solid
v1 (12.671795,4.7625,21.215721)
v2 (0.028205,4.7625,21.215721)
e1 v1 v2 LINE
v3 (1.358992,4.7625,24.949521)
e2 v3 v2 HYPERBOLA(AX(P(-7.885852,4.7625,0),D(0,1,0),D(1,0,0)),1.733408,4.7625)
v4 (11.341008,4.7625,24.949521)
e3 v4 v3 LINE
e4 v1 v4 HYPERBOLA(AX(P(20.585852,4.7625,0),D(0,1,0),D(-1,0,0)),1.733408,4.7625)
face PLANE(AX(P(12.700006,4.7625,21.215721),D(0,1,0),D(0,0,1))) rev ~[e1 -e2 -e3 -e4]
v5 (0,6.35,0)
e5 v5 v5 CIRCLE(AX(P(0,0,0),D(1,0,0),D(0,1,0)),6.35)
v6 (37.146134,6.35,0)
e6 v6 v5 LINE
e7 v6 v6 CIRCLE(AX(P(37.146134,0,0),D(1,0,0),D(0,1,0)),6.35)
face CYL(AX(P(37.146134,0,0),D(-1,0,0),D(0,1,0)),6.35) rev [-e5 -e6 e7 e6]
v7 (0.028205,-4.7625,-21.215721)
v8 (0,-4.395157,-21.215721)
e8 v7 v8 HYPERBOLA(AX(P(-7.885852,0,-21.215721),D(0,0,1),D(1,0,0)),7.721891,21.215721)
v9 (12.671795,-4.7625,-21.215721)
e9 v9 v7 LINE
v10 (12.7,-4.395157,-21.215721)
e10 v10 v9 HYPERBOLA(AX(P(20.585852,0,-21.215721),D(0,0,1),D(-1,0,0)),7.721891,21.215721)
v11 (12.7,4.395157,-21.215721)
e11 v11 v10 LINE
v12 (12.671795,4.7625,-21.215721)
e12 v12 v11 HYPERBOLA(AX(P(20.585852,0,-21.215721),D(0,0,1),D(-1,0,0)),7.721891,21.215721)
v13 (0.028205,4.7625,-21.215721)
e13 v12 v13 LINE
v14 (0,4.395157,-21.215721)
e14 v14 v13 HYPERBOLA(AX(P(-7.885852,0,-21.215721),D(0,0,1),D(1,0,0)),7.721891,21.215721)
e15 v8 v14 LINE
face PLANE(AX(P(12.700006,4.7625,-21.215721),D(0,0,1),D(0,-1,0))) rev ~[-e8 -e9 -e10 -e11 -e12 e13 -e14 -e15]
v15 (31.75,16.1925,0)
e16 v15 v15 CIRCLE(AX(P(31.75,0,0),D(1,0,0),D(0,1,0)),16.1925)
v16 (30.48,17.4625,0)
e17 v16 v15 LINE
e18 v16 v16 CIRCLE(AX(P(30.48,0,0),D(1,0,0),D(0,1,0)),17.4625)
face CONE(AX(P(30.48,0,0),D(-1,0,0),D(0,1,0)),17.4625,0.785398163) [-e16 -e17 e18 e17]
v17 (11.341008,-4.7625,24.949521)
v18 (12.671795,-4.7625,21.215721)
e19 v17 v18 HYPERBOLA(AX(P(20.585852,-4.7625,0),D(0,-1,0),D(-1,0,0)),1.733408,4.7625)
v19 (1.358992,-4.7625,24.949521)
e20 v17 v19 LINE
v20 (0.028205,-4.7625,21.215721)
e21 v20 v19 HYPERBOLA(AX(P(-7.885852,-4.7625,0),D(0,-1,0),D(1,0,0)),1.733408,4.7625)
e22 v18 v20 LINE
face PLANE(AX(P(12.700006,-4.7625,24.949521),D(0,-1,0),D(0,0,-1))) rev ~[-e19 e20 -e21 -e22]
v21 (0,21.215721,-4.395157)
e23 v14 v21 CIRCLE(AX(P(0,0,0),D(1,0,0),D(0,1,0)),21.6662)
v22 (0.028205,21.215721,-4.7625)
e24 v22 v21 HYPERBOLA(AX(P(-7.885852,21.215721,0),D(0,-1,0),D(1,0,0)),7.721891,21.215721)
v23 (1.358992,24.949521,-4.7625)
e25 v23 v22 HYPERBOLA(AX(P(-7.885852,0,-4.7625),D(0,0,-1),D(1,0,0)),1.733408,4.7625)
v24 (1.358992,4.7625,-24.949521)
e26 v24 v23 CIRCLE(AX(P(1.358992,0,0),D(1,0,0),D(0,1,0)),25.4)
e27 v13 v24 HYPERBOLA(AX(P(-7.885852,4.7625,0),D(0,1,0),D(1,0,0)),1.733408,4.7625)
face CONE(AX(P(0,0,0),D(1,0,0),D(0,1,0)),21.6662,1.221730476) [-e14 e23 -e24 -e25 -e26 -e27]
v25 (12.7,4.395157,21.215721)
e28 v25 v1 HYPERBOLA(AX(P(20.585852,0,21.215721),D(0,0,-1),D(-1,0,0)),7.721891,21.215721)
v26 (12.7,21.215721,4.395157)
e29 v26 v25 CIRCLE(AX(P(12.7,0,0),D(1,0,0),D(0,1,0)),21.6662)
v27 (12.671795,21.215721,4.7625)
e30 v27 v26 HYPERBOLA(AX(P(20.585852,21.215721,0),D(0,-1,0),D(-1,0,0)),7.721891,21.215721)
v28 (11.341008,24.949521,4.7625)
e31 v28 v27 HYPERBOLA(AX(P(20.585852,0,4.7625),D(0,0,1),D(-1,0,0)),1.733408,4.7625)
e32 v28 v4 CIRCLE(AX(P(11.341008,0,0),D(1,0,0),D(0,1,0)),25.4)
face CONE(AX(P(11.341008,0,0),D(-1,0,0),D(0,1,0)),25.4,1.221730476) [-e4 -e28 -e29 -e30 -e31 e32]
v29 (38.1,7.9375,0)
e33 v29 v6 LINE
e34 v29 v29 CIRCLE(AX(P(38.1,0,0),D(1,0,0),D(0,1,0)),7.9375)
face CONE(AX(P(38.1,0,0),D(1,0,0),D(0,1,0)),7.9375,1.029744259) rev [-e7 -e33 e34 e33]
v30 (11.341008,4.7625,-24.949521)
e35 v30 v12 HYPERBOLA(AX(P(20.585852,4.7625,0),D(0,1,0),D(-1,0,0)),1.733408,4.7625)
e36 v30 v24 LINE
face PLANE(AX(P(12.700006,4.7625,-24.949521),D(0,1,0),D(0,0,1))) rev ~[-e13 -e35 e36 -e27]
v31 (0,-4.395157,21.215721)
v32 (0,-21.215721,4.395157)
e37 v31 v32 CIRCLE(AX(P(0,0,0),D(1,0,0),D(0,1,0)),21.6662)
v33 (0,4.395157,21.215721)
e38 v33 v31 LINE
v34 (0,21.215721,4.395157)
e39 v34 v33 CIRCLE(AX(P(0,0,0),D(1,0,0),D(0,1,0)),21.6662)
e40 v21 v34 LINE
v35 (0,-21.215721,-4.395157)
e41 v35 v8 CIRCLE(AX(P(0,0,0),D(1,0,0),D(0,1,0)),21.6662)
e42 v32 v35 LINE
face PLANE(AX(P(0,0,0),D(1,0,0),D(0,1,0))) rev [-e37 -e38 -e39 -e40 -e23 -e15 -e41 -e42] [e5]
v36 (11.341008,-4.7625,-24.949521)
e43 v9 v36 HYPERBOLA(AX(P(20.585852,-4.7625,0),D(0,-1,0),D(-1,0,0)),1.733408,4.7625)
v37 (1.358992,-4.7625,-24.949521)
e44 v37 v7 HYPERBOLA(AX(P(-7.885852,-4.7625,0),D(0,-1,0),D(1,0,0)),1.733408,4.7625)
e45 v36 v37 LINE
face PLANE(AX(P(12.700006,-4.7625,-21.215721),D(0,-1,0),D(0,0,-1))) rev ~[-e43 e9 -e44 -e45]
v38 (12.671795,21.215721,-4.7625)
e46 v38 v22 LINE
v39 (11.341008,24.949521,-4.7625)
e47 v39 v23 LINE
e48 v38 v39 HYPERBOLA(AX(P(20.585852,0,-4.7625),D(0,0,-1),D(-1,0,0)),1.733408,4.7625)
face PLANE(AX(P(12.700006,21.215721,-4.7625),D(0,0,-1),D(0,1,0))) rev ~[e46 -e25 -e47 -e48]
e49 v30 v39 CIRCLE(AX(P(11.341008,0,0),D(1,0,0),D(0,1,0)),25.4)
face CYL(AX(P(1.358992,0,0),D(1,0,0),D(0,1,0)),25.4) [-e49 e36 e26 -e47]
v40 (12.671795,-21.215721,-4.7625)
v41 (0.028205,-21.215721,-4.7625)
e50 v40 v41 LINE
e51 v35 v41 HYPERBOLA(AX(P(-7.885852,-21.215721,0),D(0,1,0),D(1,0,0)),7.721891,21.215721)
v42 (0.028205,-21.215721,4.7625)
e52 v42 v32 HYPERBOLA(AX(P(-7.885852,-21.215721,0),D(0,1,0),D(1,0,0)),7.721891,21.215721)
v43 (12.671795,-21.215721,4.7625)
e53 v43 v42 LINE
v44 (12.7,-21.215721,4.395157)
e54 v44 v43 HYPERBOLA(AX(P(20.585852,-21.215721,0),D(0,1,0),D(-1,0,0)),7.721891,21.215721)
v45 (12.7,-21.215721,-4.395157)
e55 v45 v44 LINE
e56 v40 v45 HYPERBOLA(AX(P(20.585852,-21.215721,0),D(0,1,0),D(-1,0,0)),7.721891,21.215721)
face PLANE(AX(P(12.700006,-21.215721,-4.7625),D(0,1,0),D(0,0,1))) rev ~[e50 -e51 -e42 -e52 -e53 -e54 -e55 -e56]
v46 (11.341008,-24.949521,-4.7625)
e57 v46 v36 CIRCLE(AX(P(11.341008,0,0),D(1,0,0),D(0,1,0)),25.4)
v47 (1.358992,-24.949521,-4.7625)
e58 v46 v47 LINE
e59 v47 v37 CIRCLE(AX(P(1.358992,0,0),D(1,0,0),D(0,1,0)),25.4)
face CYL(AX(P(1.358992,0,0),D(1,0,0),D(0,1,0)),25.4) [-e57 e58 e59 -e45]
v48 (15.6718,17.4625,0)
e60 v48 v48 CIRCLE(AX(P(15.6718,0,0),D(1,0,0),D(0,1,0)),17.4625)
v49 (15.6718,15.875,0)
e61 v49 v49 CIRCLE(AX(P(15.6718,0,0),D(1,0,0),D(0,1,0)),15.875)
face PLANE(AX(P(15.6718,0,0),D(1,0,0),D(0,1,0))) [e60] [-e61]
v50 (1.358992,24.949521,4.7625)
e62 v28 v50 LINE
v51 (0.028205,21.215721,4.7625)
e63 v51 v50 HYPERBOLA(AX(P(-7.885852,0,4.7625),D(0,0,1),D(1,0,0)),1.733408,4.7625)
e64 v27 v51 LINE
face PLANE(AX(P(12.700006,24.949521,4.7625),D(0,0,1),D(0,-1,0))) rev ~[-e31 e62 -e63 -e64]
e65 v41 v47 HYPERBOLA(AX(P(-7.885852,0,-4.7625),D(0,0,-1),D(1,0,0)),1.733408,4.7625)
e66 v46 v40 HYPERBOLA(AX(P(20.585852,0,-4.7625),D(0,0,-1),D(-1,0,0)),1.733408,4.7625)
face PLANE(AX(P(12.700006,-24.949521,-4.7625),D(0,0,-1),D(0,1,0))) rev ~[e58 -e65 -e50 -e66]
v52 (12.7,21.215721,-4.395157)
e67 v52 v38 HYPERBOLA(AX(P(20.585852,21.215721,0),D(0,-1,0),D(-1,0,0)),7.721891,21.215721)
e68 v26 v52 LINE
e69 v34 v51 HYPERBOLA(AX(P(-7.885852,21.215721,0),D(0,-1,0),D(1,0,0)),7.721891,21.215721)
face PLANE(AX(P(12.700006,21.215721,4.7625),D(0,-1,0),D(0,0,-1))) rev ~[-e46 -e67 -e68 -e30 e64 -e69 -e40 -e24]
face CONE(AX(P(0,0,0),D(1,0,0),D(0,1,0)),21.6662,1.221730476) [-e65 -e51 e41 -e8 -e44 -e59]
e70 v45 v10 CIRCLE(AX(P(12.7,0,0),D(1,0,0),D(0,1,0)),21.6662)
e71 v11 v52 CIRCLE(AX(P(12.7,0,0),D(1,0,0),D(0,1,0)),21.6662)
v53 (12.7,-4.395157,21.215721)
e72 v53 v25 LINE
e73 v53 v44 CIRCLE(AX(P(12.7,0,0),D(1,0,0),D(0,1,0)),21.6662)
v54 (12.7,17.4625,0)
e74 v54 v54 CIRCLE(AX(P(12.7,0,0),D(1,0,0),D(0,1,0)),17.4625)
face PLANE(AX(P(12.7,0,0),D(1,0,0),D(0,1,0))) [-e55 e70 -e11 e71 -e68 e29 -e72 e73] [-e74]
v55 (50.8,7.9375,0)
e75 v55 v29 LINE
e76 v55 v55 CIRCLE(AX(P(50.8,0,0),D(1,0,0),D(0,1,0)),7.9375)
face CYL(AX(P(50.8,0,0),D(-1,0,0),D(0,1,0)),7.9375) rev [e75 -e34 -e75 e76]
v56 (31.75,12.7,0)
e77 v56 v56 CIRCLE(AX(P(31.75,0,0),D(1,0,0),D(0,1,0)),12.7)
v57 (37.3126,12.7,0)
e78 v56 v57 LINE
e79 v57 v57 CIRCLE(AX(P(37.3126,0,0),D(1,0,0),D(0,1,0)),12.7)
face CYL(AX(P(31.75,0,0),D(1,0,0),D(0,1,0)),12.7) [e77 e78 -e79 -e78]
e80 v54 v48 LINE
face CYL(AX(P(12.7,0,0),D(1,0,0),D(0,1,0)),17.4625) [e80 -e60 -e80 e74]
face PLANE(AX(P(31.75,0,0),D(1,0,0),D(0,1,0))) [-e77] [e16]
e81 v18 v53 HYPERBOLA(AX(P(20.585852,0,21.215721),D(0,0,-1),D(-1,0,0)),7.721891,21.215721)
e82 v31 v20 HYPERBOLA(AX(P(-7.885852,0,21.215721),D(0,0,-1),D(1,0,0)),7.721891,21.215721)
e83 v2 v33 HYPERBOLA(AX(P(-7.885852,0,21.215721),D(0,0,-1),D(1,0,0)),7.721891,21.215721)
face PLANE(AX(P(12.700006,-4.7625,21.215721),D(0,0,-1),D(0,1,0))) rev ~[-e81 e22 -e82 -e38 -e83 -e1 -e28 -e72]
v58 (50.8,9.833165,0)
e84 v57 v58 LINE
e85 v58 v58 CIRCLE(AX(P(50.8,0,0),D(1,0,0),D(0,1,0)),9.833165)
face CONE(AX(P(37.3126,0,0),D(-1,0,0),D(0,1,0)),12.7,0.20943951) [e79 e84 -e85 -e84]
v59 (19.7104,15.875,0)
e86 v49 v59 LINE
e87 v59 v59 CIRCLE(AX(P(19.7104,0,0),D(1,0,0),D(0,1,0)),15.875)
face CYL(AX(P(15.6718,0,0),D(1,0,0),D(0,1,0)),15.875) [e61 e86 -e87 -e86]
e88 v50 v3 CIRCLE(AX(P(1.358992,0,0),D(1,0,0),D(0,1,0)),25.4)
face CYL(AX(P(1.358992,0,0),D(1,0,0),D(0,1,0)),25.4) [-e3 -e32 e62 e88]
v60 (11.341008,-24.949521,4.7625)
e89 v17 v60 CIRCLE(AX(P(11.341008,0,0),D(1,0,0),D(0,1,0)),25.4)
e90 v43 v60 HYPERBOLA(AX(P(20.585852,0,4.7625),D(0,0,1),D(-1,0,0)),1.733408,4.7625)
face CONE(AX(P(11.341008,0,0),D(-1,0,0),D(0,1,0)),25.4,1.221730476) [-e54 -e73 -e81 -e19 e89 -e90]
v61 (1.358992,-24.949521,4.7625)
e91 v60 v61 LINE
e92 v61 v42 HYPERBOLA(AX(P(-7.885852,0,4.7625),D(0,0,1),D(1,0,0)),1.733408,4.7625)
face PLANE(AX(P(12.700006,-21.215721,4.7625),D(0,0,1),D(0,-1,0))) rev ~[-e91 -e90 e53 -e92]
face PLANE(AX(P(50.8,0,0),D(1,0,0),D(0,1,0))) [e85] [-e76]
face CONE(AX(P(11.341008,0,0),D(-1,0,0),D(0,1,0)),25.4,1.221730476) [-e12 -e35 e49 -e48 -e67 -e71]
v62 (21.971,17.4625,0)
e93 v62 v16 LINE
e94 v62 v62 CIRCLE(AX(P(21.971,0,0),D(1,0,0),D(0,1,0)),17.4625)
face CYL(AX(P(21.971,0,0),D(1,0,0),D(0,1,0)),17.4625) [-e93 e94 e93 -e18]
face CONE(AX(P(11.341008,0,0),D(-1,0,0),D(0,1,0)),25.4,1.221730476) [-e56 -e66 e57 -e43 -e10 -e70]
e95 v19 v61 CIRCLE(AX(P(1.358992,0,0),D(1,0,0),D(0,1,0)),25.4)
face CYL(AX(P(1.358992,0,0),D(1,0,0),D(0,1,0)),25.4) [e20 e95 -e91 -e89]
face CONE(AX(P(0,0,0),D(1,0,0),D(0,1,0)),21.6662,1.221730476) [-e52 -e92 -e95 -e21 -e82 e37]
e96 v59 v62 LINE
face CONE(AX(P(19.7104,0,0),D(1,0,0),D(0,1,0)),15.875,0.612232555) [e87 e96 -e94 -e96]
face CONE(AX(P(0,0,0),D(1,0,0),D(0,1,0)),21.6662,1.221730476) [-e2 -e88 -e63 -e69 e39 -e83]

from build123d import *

# Parameters (mm, degrees)
CUT_EXTRUDE1_START = -12.700006
CUT_EXTRUDE1_DEPTH = 12.700012
CIRPATTERN1_COUNT  = 4


with BuildPart() as part:
    # Sketch1 → Revolve1 (revolve)
    with BuildSketch(Plane.XY):
        Polygon((0, 6.35), (0, 21.6662), (1.358992061, 25.4), (11.341007939, 25.4), (12.7, 21.6662), (12.7, 17.4625), (15.6718, 17.4625), (15.6718, 15.875), (19.7104, 15.875), (21.971, 17.4625), (30.48, 17.4625), (31.75, 16.1925), (31.75, 12.7), (37.3126, 12.7), (50.8, 9.83316463), (50.8, 7.9375), (38.1, 7.9375), (37.146133767, 6.35), align=None)
    revolve(axis=Axis((0, 0, 0), (1, 0, 0)))

    # Sketch2 → Cut-Extrude1 (cut)
    with BuildSketch(Plane.ZY.offset(CUT_EXTRUDE1_START)):
        with BuildLine():
            Line((-4.7625, 21.215720912), (-4.7625, 24.949520912))
            ThreePointArc((-4.7625, 24.949520912), (0, 25.4), (4.7625, 24.949520912))
            Line((4.7625, 24.949520912), (4.7625, 21.215720912))
            Line((4.7625, 21.215720912), (-4.7625, 21.215720912))
        make_face()
    cut_extrude1 = extrude(amount=CUT_EXTRUDE1_DEPTH, mode=Mode.SUBTRACT)

    # CirPattern1: Cut-Extrude1 ×4 about axis
    cirpattern1_axis = Axis((0, 0, 0), (1, 0, 0))
    for i in range(1, CIRPATTERN1_COUNT):
        add(cut_extrude1.rotate(cirpattern1_axis, i * 360 / CIRPATTERN1_COUNT), mode=Mode.SUBTRACT)


solid = part.part
